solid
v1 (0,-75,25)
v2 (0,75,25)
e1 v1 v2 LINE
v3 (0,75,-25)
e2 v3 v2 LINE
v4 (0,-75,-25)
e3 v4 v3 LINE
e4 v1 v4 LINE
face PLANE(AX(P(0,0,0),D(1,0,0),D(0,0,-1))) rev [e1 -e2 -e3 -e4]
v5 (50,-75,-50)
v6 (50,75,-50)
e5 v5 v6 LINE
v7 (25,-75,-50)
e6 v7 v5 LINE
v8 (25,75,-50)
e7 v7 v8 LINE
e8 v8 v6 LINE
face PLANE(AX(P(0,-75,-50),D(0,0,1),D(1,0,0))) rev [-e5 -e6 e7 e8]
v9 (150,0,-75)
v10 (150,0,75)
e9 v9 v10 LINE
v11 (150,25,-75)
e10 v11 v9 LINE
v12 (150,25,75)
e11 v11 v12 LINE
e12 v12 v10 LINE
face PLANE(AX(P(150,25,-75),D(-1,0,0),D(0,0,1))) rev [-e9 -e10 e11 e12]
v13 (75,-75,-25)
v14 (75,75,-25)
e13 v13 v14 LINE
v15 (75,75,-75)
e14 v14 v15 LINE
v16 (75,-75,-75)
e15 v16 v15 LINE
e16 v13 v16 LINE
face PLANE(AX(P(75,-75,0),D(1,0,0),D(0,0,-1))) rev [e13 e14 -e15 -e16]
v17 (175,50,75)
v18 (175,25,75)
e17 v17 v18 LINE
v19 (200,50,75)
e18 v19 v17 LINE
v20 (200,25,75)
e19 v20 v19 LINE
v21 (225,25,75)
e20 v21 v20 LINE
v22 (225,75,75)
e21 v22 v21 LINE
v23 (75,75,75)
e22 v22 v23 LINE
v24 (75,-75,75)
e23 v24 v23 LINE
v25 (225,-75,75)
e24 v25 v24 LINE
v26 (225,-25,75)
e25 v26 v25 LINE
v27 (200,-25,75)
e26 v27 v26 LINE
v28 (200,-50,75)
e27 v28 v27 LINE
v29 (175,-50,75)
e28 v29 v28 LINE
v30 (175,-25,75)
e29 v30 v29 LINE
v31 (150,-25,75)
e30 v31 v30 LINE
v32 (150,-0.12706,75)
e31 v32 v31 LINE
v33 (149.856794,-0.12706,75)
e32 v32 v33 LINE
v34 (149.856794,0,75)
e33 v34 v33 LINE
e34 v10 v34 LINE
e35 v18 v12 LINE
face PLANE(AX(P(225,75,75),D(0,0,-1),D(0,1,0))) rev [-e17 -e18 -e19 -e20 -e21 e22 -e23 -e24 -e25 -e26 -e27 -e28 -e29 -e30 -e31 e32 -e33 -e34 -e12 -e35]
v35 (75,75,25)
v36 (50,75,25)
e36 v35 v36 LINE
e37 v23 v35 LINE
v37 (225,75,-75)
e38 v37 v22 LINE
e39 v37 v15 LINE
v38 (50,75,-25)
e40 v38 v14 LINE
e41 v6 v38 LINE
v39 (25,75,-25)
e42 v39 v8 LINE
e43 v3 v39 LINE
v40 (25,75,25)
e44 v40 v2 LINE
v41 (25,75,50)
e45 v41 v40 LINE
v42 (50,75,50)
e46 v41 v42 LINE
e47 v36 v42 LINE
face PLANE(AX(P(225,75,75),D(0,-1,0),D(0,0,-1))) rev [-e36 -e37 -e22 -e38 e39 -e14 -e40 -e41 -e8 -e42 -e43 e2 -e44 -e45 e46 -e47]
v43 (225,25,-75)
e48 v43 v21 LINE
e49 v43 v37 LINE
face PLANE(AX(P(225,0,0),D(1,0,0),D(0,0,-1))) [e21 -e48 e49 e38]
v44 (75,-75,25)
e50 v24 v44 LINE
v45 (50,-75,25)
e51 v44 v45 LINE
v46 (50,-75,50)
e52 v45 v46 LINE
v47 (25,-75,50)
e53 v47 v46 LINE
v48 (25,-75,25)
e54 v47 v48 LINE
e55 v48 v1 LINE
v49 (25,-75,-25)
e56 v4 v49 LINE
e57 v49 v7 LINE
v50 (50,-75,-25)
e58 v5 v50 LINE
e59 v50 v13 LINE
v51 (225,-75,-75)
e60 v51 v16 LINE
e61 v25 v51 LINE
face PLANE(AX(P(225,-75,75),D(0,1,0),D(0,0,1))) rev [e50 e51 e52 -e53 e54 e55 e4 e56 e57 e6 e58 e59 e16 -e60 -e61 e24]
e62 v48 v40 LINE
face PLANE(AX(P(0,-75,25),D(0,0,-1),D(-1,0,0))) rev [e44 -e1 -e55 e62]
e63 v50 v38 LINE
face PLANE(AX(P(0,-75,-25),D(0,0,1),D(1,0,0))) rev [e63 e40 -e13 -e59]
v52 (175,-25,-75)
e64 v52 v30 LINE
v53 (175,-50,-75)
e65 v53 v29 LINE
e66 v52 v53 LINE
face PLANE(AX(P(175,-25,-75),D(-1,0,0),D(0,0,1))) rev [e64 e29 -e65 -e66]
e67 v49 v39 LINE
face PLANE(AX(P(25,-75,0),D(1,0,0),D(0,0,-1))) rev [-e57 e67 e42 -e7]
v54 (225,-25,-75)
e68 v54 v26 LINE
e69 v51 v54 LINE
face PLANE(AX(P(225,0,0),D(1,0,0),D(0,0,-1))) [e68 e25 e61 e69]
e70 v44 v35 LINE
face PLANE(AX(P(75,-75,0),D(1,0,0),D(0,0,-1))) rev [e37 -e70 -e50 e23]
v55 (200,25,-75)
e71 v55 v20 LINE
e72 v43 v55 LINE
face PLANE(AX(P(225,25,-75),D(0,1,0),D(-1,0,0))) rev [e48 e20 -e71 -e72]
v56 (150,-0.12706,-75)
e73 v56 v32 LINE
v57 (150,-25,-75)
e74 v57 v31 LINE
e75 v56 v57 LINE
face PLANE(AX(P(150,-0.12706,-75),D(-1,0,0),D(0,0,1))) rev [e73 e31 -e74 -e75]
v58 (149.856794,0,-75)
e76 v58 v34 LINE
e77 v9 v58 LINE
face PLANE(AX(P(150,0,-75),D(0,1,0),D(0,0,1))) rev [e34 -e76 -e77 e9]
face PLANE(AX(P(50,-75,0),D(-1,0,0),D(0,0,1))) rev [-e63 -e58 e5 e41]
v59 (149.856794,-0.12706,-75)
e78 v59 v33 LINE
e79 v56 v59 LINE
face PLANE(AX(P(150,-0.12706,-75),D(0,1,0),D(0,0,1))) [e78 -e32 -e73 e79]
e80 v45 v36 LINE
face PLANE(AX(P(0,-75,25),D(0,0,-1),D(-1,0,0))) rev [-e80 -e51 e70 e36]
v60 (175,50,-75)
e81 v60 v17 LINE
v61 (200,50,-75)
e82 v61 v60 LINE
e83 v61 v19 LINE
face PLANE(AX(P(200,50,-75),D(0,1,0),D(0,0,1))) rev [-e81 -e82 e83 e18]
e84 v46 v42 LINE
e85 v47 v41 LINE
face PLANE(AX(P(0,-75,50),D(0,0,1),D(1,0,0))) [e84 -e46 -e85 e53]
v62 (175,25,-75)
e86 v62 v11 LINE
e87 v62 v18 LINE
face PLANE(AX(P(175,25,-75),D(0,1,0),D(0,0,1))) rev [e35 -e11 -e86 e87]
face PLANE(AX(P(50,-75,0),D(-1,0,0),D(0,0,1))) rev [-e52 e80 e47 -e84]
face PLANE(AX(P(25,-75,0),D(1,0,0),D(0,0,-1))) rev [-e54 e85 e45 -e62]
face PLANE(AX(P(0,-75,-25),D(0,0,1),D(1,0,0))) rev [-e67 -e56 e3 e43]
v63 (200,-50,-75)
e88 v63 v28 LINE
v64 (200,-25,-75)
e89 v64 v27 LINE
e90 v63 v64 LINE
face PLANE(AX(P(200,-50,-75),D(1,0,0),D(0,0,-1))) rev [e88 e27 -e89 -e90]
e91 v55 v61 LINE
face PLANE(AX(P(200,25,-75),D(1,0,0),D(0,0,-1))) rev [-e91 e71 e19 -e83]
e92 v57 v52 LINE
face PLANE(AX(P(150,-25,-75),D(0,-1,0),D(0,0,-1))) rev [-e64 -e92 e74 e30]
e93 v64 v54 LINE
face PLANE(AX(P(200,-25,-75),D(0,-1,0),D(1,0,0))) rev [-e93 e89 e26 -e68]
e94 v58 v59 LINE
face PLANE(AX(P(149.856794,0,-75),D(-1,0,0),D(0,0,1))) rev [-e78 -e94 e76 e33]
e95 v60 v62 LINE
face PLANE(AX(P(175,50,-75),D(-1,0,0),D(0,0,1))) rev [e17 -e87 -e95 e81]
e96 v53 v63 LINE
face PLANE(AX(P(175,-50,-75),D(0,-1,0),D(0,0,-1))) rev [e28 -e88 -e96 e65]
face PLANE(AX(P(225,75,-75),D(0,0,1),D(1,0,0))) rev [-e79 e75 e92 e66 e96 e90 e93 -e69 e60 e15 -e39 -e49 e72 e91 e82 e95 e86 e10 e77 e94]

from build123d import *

# Parameters (mm, degrees)
SKETCH2_W           = 150
SKETCH2_H           = 150
BOSS_EXTRUDE1_DEPTH = 225
CUT_EXTRUDE1_DEPTH  = 150
CUT_EXTRUDE2_DEPTH  = 150


with BuildPart() as part:
    # Sketch2 → Boss-Extrude1 (new body)
    with BuildSketch(Plane(origin=(0, 0, 0), x_dir=(0, 0, -1), z_dir=(1, 0, 0))):
        Rectangle(SKETCH2_W, SKETCH2_H)
    extrude(amount=BOSS_EXTRUDE1_DEPTH)

    # Sketch3 → Cut-Extrude1 (cut)
    with BuildSketch(Plane(origin=(0, 75, 0), x_dir=(1, 0, 0), z_dir=(0, 1, 0))):
        Polygon((0, 75), (0, 25), (25, 25), (25, 50), (50, 50), (50, 25), (75, 25), (75, 75), align=None)
        Polygon((25, -25), (0, -25), (0, -75), (75, -75), (75, -25), (50, -25), (50, -50), (25, -50), align=None)
    extrude(amount=-CUT_EXTRUDE1_DEPTH, mode=Mode.SUBTRACT)

    # Sketch4 → Cut-Extrude2 (cut)
    with BuildSketch(Plane.XY.offset(75)):
        Polygon((225, 25), (200, 25), (200, 50), (175, 50), (175, 25), (150, 25), (150, 0), (149.856793805, 0), (149.856793805, -0.1270597), (150, -0.1270597), (150, -25), (175, -25), (175, -50), (200, -50), (200, -25), (225, -25), align=None)
    extrude(amount=-CUT_EXTRUDE2_DEPTH, mode=Mode.SUBTRACT)


solid = part.part
